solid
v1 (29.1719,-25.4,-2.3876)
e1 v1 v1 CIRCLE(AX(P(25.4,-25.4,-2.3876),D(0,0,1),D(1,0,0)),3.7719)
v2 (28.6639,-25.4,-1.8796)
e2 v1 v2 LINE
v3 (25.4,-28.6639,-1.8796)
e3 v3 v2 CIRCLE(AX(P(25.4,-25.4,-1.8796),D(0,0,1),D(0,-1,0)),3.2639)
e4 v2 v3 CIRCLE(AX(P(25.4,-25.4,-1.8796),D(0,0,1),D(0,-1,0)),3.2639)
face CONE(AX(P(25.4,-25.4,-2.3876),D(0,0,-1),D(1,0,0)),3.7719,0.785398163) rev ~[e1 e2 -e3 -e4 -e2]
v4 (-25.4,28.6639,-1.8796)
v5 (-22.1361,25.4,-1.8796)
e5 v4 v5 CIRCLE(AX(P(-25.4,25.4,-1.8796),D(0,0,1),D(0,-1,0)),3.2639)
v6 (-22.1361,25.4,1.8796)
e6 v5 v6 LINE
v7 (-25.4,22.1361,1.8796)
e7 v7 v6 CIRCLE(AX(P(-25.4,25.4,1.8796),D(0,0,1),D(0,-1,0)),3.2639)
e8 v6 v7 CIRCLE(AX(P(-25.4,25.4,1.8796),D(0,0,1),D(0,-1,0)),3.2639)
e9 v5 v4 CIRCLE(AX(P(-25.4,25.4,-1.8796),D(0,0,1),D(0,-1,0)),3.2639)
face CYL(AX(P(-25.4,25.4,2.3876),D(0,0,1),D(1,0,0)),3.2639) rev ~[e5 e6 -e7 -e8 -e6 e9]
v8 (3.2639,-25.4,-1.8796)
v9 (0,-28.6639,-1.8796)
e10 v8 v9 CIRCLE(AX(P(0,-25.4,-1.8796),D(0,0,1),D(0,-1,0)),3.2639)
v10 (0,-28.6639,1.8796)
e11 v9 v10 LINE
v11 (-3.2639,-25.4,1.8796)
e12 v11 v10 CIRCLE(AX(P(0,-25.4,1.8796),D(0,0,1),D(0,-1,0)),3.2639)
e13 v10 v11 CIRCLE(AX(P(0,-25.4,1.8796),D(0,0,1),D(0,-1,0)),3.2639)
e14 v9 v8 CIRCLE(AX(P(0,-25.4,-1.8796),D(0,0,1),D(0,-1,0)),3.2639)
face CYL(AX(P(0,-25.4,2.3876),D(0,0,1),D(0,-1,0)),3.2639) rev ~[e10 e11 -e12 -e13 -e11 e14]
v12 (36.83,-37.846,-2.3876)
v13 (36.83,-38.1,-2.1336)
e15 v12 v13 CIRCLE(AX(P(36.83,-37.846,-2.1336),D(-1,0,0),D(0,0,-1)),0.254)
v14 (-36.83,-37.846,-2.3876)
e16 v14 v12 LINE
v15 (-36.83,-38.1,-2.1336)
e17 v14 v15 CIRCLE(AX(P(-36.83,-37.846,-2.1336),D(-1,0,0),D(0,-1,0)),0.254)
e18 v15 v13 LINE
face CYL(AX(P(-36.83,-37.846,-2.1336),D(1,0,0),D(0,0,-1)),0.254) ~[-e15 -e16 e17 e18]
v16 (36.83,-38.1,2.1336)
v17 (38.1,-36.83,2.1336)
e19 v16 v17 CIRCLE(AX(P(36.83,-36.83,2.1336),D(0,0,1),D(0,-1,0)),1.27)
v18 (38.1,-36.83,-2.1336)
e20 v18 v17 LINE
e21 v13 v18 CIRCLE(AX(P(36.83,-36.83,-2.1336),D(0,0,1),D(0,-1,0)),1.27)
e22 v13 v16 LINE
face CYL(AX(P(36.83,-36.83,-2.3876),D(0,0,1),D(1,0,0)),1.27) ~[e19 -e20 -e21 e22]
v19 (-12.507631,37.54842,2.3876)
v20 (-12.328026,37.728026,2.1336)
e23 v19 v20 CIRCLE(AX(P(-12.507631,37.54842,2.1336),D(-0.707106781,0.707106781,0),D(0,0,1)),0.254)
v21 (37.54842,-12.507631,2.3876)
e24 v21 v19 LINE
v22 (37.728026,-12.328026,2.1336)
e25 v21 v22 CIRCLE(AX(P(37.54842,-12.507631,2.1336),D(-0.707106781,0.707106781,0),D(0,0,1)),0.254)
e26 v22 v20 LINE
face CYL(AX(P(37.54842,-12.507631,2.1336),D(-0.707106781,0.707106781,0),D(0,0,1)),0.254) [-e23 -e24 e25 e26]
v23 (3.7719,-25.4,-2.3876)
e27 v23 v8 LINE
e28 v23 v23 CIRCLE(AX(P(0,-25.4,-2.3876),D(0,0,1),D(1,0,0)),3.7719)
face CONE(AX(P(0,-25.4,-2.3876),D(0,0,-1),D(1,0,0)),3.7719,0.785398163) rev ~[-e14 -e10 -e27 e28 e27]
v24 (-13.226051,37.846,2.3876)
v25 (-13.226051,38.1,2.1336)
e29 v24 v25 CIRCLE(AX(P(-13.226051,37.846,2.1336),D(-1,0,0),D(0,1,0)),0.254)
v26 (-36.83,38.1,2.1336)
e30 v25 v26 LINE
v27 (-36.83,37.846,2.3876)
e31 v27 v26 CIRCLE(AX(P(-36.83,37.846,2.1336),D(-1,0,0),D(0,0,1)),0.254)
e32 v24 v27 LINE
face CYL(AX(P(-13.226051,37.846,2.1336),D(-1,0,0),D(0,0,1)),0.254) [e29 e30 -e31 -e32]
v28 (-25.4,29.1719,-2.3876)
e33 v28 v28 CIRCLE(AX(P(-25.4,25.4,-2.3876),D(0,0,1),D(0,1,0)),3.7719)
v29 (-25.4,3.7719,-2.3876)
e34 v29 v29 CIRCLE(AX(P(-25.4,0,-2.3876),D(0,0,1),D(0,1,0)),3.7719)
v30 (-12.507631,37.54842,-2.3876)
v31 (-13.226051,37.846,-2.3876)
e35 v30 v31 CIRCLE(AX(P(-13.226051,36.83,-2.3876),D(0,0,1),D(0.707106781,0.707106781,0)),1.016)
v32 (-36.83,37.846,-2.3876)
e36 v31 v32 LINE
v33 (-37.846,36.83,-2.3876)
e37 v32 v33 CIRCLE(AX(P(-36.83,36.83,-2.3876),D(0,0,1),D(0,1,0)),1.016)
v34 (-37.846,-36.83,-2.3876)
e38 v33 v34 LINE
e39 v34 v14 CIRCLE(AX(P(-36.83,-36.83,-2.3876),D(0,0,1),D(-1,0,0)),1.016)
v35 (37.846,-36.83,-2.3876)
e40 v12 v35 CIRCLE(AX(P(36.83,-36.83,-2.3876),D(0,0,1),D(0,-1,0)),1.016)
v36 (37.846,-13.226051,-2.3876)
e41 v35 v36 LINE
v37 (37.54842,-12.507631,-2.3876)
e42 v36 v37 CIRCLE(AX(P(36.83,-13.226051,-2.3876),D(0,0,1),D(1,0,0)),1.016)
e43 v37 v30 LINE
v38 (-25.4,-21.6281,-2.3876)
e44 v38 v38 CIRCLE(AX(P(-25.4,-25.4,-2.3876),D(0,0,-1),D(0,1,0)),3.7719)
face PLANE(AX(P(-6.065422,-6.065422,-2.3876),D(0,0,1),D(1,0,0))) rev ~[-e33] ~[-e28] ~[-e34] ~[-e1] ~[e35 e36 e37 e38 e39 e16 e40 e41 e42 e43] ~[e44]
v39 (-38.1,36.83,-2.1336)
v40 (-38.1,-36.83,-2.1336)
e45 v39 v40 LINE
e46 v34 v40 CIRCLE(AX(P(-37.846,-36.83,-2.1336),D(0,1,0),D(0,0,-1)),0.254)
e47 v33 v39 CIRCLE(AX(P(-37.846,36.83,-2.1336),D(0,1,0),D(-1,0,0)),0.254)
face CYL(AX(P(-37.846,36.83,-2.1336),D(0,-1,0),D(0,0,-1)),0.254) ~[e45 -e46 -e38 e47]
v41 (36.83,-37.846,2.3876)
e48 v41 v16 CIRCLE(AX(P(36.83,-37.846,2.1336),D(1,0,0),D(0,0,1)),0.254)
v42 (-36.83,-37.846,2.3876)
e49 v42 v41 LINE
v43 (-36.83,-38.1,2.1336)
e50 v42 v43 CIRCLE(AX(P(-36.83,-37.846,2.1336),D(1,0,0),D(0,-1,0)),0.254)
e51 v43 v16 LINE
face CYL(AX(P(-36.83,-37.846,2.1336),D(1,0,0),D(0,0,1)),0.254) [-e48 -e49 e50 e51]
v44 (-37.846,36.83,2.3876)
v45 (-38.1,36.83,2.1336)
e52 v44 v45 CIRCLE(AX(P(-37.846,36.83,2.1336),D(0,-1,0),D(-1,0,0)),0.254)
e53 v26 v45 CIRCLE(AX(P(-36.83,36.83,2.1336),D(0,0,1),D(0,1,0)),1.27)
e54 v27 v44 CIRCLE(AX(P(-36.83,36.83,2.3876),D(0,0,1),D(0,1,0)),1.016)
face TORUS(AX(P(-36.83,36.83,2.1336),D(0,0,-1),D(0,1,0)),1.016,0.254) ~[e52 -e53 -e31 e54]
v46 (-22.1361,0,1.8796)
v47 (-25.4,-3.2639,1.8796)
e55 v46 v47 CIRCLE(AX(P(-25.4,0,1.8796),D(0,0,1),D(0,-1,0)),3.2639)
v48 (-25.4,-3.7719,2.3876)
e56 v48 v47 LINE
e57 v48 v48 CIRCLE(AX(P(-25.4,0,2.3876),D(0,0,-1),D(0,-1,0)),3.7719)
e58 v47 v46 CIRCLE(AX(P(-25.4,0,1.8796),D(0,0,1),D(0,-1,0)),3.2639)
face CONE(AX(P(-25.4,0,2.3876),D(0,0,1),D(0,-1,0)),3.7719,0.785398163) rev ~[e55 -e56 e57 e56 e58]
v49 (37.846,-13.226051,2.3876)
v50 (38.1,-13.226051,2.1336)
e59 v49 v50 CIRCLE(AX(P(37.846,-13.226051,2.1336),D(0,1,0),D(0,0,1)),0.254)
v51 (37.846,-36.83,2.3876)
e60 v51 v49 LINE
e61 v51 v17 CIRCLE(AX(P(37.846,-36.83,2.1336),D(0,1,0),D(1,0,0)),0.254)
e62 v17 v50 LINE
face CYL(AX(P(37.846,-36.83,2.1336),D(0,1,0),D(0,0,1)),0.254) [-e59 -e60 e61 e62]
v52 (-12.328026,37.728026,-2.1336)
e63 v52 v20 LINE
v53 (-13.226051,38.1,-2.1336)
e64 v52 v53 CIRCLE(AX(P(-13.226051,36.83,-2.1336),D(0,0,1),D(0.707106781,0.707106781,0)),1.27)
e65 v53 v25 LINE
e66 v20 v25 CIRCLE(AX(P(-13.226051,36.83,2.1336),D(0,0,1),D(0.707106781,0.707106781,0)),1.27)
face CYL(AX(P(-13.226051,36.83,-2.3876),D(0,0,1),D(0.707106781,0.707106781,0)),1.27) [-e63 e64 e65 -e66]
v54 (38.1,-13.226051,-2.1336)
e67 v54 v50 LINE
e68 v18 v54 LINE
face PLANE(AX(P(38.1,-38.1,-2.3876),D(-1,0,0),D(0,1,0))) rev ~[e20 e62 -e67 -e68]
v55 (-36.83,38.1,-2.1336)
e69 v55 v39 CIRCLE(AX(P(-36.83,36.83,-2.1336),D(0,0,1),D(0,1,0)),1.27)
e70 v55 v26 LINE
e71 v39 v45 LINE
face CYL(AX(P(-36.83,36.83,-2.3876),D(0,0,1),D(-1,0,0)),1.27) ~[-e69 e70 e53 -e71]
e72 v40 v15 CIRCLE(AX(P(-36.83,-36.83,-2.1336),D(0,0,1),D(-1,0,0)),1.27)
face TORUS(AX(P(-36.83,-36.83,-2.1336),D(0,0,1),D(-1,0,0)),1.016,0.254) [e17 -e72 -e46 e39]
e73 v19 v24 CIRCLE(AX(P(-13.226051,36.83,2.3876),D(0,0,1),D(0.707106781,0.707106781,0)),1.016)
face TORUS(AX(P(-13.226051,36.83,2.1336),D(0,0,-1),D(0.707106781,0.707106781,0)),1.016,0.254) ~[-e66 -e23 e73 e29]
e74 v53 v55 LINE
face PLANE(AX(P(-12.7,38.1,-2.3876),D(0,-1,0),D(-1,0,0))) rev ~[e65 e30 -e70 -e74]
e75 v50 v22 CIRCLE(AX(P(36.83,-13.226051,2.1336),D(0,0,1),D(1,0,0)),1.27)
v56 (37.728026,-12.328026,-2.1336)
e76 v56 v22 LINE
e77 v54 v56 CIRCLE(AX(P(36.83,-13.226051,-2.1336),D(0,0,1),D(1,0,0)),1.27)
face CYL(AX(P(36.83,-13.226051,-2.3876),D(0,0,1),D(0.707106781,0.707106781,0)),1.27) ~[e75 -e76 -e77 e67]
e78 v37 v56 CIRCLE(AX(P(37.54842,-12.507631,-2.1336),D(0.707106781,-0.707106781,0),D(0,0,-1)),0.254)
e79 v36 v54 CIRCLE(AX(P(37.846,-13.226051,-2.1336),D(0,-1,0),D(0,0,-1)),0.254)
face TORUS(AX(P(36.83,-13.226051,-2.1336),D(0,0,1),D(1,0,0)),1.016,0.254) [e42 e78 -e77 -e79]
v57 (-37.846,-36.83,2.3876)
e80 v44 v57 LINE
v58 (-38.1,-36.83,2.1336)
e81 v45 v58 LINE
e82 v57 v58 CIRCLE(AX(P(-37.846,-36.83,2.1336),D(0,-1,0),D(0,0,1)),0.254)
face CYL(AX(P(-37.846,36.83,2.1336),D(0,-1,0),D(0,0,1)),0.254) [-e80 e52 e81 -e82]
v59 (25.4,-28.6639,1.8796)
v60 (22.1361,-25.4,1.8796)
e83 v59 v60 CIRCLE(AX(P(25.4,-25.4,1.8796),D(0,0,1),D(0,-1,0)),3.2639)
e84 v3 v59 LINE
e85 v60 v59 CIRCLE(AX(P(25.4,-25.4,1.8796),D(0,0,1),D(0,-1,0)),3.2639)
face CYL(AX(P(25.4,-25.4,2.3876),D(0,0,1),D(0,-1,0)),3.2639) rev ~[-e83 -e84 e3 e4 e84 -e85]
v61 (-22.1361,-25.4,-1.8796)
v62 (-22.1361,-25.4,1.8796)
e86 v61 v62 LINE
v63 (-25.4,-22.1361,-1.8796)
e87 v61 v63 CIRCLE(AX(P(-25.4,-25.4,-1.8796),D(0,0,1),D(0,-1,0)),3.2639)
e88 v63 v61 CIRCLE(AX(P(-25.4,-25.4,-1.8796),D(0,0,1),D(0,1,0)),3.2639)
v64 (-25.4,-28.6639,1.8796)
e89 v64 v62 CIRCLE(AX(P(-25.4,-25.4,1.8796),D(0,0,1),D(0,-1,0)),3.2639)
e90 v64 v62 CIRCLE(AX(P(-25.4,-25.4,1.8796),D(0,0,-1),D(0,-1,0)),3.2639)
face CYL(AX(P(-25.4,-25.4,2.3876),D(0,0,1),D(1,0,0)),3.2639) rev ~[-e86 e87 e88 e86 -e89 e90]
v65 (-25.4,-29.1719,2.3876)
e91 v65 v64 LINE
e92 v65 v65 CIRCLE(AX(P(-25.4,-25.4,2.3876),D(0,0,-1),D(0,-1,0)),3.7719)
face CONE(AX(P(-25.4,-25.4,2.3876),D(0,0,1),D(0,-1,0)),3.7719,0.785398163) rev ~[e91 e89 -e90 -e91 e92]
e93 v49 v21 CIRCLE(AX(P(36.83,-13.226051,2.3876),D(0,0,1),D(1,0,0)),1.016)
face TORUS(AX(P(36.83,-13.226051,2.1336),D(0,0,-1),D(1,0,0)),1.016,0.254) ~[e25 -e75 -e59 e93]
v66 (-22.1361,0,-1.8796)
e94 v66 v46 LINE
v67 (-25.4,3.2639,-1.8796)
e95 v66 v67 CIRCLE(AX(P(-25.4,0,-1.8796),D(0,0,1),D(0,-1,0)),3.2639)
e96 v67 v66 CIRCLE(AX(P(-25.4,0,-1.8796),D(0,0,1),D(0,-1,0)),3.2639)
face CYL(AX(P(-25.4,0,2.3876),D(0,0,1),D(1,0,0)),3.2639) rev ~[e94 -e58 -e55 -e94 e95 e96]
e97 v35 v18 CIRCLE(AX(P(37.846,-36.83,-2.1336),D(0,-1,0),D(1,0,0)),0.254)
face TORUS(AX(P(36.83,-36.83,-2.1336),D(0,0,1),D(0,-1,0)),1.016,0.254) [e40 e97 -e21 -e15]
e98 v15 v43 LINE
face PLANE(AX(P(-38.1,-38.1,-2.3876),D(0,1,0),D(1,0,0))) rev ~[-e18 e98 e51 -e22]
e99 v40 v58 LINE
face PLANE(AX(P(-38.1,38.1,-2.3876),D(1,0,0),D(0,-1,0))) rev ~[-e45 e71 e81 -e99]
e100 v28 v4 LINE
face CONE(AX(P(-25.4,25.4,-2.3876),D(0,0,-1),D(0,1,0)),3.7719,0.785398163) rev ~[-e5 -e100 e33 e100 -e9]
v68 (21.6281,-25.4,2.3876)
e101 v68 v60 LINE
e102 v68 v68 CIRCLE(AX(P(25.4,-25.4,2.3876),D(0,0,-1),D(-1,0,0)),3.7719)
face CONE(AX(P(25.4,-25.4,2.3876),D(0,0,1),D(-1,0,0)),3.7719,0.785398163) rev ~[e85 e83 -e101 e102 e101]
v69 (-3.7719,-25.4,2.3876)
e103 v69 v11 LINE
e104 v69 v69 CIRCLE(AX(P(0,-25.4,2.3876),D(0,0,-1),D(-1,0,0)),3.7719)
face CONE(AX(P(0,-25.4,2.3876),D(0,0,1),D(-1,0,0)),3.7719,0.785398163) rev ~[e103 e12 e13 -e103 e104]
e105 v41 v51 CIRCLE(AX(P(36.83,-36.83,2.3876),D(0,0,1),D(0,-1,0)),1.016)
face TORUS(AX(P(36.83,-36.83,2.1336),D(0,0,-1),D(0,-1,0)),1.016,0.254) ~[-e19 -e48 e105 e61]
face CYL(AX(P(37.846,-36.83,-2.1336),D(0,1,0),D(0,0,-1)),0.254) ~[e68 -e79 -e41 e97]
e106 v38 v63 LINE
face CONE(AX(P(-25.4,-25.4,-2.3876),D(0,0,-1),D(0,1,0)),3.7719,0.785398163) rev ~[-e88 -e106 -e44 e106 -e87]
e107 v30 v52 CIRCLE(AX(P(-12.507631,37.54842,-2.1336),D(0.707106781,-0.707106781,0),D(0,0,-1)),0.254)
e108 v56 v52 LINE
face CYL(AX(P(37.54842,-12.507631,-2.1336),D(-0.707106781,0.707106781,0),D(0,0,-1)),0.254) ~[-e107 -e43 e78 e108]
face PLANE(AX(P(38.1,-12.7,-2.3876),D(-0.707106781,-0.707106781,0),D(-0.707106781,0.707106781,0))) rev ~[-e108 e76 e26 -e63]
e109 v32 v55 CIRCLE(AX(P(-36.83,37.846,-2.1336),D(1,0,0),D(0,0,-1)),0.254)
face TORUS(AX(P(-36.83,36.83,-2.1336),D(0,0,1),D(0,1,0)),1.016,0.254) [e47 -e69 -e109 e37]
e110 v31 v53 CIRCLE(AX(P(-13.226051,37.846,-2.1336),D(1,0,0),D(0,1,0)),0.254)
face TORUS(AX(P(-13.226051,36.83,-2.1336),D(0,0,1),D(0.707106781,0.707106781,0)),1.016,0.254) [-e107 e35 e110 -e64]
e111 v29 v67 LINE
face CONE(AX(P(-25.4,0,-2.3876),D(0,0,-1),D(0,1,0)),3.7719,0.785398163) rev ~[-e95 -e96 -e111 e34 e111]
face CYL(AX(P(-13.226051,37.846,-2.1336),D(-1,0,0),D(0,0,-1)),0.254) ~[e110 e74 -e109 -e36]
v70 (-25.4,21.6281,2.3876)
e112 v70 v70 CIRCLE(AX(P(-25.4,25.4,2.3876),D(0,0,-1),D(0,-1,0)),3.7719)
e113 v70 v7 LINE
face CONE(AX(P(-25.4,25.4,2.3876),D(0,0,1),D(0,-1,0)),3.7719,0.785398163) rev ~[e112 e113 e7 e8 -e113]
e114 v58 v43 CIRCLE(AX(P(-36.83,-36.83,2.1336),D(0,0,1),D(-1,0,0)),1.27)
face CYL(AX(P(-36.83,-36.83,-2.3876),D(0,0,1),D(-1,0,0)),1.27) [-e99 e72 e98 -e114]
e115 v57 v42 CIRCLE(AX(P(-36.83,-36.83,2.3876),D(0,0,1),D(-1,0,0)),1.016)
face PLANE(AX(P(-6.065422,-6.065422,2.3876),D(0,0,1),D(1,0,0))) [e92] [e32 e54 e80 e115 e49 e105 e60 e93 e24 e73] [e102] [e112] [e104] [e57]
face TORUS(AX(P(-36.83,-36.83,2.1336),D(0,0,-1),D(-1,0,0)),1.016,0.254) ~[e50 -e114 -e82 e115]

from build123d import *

# Parameters (mm, degrees)
BOSS_EXTRUDE1_START         = -2.3876
BOSS_EXTRUDE1_DEPTH         = 4.7752
SKETCH4_R                   = 3.2639
CUT_EXTRUDE1_DEPTH          = 55.092721646
LPATTERN1_COUNT             = 3
LPATTERN1_PITCH             = 25.4
CIRPATTERN1_COPY_1_SKETCH_R = 3.2639
CIRPATTERN1_COPY_1_DEPTH    = 55.092721646
CIRPATTERN1_COPY_2_SKETCH_R = 3.2639
CIRPATTERN1_COPY_2_DEPTH    = 55.092721646
CIRPATTERN1_COPY_7_SKETCH_R = 3.2639
CIRPATTERN1_COPY_7_DEPTH    = 55.092721646
FILLET1_R                   = 1.27
FILLET2_R                   = 0.254


with BuildPart() as part:
    # Sketch3 → Boss-Extrude1 (new body)
    with BuildSketch(Plane.XY.offset(BOSS_EXTRUDE1_START)):
        Polygon((-38.1, 38.1), (-38.1, -38.1), (38.1, -38.1), (38.1, -12.7), (-12.7, 38.1), align=None)
    extrude(amount=BOSS_EXTRUDE1_DEPTH)

    # Sketch4 → Cut-Extrude1 (cut, symmetric)
    with BuildSketch(Plane.XY.offset(2.3876)):
        with Locations((-25.4, -25.4)):
            Circle(SKETCH4_R)
    cut_extrude1 = extrude(amount=CUT_EXTRUDE1_DEPTH, both=True, mode=Mode.SUBTRACT)

    # Cut-Extrude2 cone 1 section (through the dimple's axis) → Cut-Extrude2 (revolve, cut)
    with BuildSketch(Plane(origin=(-25.4, -25.4, 2.3876), x_dir=(0, -1, 0), z_dir=(1, 0, 0))):
        Polygon((0, 0), (3.7719, 0), (0, 3.7719), align=None)
    cut_extrude2 = revolve(axis=Axis((-25.4, -25.4, 2.3876), (0, 0, -1)), mode=Mode.SUBTRACT)

    # Cut-Extrude3 cone 1 section (through the dimple's axis) → Cut-Extrude3 (revolve, cut)
    with BuildSketch(Plane(origin=(-25.4, -25.4, -2.3876), x_dir=(0, 1, 0), z_dir=(1, 0, 0))):
        Polygon((0, 0), (3.7719, 0), (0, 3.7719), align=None)
    cut_extrude3 = revolve(axis=Axis((-25.4, -25.4, -2.3876), (0, 0, 1)), mode=Mode.SUBTRACT)

    # LPattern1: Cut-Extrude1, Cut-Extrude2, Cut-Extrude3 ×3
    with Locations(*[(0, i * LPATTERN1_PITCH, 0) for i in range(1, LPATTERN1_COUNT)]):
        add(cut_extrude1, mode=Mode.SUBTRACT)
        add(cut_extrude2, mode=Mode.SUBTRACT)
        add(cut_extrude3, mode=Mode.SUBTRACT)

    # CirPattern1 copy 1 sketch → CirPattern1 copy 1 (cut, symmetric)
    with BuildSketch(Plane(origin=(25.4, -50.8, 2.3876), x_dir=(0, -1, 0), z_dir=(0, 0, 1))):
        with Locations((-25.4, -25.4)):
            Circle(CIRPATTERN1_COPY_1_SKETCH_R)
    extrude(amount=CIRPATTERN1_COPY_1_DEPTH, both=True, mode=Mode.SUBTRACT)

    # CirPattern1 copy 2 sketch → CirPattern1 copy 2 (cut, symmetric)
    with BuildSketch(Plane(origin=(50.8, -50.8, 2.3876), x_dir=(0, -1, 0), z_dir=(0, 0, 1))):
        with Locations((-25.4, -25.4)):
            Circle(CIRPATTERN1_COPY_2_SKETCH_R)
    extrude(amount=CIRPATTERN1_COPY_2_DEPTH, both=True, mode=Mode.SUBTRACT)

    # CirPattern1 copy 3 sketch → CirPattern1 copy 3 (revolve, cut)
    with BuildSketch(Plane(origin=(0, -25.4, 2.3876), x_dir=(-1, 0, 0), z_dir=(0, -1, 0))):
        Polygon((0, 0), (3.7719, 0), (0, 3.7719), align=None)
    revolve(axis=Axis((0, -25.4, 2.3876), (0, 0, -1)), mode=Mode.SUBTRACT)

    # CirPattern1 copy 4 sketch → CirPattern1 copy 4 (revolve, cut)
    with BuildSketch(Plane(origin=(25.4, -25.4, 2.3876), x_dir=(-1, 0, 0), z_dir=(0, -1, 0))):
        Polygon((0, 0), (3.7719, 0), (0, 3.7719), align=None)
    revolve(axis=Axis((25.4, -25.4, 2.3876), (0, 0, -1)), mode=Mode.SUBTRACT)

    # CirPattern1 copy 5 sketch → CirPattern1 copy 5 (revolve, cut)
    with BuildSketch(Plane(origin=(0, -25.4, -2.3876), x_dir=(1, 0, 0), z_dir=(0, -1, 0))):
        Polygon((0, 0), (3.7719, 0), (0, 3.7719), align=None)
    revolve(axis=Axis((0, -25.4, -2.3876), (0, 0, 1)), mode=Mode.SUBTRACT)

    # CirPattern1 copy 6 sketch → CirPattern1 copy 6 (revolve, cut)
    with BuildSketch(Plane(origin=(25.4, -25.4, -2.3876), x_dir=(1, 0, 0), z_dir=(0, -1, 0))):
        Polygon((0, 0), (3.7719, 0), (0, 3.7719), align=None)
    revolve(axis=Axis((25.4, -25.4, -2.3876), (0, 0, 1)), mode=Mode.SUBTRACT)

    # CirPattern1 copy 7 sketch → CirPattern1 copy 7 (cut, symmetric)
    with BuildSketch(Plane(origin=(0, -50.8, 2.3876), x_dir=(0, -1, 0), z_dir=(0, 0, 1))):
        with Locations((-25.4, -25.4)):
            Circle(CIRPATTERN1_COPY_7_SKETCH_R)
    extrude(amount=CIRPATTERN1_COPY_7_DEPTH, both=True, mode=Mode.SUBTRACT)

    # CirPattern1 copy 8 sketch → CirPattern1 copy 8 (revolve, cut)
    with BuildSketch(Plane(origin=(-25.4, -25.4, 2.3876), x_dir=(-1, 0, 0), z_dir=(0, -1, 0))):
        Polygon((0, 0), (3.7719, 0), (0, 3.7719), align=None)
    revolve(axis=Axis((-25.4, -25.4, 2.3876), (0, 0, -1)), mode=Mode.SUBTRACT)

    # CirPattern1 copy 9 sketch → CirPattern1 copy 9 (revolve, cut)
    with BuildSketch(Plane(origin=(-25.4, -25.4, -2.3876), x_dir=(1, 0, 0), z_dir=(0, -1, 0))):
        Polygon((0, 0), (3.7719, 0), (0, 3.7719), align=None)
    revolve(axis=Axis((-25.4, -25.4, -2.3876), (0, 0, 1)), mode=Mode.SUBTRACT)

    # Fillet1
    fillet1_edges = [part.edges().sort_by_distance(p)[0] for p in [
        (-12.7, 38.1, 0),
        (38.1, -12.7, 0),
        (38.1, -38.1, 0),
        (-38.1, -38.1, 0),
        (-38.1, 38.1, 0),
    ]]
    fillet(fillet1_edges, radius=FILLET1_R)

    # Fillet2
    fillet2_edges = [part.edges().sort_by_distance(p)[0] for p in [
        (12.7, 12.7, -2.3876),
        (12.7, 12.7, 2.3876),
        (-25.028025612, 38.1, -2.3876),
        (38.1, -25.028025612, -2.3876),
        (0, -38.1, -2.3876),
        (-38.1, 0, -2.3876),
        (-12.740043265, 38.003327006, -2.3876),
        (-37.728025612, 37.728025612, -2.3876),
        (-37.728025612, -37.728025612, -2.3876),
        (37.728025612, -37.728025612, -2.3876),
        (38.003327006, -12.740043265, -2.3876),
        (38.1, -25.028025612, 2.3876),
        (-25.028025612, 38.1, 2.3876),
        (-38.1, 0, 2.3876),
        (0, -38.1, 2.3876),
        (-12.740043265, 38.003327006, 2.3876),
        (-37.728025612, 37.728025612, 2.3876),
        (-37.728025612, -37.728025612, 2.3876),
        (37.728025612, -37.728025612, 2.3876),
        (38.003327006, -12.740043265, 2.3876),
    ]]
    fillet(fillet2_edges, radius=FILLET2_R)


solid = part.part
